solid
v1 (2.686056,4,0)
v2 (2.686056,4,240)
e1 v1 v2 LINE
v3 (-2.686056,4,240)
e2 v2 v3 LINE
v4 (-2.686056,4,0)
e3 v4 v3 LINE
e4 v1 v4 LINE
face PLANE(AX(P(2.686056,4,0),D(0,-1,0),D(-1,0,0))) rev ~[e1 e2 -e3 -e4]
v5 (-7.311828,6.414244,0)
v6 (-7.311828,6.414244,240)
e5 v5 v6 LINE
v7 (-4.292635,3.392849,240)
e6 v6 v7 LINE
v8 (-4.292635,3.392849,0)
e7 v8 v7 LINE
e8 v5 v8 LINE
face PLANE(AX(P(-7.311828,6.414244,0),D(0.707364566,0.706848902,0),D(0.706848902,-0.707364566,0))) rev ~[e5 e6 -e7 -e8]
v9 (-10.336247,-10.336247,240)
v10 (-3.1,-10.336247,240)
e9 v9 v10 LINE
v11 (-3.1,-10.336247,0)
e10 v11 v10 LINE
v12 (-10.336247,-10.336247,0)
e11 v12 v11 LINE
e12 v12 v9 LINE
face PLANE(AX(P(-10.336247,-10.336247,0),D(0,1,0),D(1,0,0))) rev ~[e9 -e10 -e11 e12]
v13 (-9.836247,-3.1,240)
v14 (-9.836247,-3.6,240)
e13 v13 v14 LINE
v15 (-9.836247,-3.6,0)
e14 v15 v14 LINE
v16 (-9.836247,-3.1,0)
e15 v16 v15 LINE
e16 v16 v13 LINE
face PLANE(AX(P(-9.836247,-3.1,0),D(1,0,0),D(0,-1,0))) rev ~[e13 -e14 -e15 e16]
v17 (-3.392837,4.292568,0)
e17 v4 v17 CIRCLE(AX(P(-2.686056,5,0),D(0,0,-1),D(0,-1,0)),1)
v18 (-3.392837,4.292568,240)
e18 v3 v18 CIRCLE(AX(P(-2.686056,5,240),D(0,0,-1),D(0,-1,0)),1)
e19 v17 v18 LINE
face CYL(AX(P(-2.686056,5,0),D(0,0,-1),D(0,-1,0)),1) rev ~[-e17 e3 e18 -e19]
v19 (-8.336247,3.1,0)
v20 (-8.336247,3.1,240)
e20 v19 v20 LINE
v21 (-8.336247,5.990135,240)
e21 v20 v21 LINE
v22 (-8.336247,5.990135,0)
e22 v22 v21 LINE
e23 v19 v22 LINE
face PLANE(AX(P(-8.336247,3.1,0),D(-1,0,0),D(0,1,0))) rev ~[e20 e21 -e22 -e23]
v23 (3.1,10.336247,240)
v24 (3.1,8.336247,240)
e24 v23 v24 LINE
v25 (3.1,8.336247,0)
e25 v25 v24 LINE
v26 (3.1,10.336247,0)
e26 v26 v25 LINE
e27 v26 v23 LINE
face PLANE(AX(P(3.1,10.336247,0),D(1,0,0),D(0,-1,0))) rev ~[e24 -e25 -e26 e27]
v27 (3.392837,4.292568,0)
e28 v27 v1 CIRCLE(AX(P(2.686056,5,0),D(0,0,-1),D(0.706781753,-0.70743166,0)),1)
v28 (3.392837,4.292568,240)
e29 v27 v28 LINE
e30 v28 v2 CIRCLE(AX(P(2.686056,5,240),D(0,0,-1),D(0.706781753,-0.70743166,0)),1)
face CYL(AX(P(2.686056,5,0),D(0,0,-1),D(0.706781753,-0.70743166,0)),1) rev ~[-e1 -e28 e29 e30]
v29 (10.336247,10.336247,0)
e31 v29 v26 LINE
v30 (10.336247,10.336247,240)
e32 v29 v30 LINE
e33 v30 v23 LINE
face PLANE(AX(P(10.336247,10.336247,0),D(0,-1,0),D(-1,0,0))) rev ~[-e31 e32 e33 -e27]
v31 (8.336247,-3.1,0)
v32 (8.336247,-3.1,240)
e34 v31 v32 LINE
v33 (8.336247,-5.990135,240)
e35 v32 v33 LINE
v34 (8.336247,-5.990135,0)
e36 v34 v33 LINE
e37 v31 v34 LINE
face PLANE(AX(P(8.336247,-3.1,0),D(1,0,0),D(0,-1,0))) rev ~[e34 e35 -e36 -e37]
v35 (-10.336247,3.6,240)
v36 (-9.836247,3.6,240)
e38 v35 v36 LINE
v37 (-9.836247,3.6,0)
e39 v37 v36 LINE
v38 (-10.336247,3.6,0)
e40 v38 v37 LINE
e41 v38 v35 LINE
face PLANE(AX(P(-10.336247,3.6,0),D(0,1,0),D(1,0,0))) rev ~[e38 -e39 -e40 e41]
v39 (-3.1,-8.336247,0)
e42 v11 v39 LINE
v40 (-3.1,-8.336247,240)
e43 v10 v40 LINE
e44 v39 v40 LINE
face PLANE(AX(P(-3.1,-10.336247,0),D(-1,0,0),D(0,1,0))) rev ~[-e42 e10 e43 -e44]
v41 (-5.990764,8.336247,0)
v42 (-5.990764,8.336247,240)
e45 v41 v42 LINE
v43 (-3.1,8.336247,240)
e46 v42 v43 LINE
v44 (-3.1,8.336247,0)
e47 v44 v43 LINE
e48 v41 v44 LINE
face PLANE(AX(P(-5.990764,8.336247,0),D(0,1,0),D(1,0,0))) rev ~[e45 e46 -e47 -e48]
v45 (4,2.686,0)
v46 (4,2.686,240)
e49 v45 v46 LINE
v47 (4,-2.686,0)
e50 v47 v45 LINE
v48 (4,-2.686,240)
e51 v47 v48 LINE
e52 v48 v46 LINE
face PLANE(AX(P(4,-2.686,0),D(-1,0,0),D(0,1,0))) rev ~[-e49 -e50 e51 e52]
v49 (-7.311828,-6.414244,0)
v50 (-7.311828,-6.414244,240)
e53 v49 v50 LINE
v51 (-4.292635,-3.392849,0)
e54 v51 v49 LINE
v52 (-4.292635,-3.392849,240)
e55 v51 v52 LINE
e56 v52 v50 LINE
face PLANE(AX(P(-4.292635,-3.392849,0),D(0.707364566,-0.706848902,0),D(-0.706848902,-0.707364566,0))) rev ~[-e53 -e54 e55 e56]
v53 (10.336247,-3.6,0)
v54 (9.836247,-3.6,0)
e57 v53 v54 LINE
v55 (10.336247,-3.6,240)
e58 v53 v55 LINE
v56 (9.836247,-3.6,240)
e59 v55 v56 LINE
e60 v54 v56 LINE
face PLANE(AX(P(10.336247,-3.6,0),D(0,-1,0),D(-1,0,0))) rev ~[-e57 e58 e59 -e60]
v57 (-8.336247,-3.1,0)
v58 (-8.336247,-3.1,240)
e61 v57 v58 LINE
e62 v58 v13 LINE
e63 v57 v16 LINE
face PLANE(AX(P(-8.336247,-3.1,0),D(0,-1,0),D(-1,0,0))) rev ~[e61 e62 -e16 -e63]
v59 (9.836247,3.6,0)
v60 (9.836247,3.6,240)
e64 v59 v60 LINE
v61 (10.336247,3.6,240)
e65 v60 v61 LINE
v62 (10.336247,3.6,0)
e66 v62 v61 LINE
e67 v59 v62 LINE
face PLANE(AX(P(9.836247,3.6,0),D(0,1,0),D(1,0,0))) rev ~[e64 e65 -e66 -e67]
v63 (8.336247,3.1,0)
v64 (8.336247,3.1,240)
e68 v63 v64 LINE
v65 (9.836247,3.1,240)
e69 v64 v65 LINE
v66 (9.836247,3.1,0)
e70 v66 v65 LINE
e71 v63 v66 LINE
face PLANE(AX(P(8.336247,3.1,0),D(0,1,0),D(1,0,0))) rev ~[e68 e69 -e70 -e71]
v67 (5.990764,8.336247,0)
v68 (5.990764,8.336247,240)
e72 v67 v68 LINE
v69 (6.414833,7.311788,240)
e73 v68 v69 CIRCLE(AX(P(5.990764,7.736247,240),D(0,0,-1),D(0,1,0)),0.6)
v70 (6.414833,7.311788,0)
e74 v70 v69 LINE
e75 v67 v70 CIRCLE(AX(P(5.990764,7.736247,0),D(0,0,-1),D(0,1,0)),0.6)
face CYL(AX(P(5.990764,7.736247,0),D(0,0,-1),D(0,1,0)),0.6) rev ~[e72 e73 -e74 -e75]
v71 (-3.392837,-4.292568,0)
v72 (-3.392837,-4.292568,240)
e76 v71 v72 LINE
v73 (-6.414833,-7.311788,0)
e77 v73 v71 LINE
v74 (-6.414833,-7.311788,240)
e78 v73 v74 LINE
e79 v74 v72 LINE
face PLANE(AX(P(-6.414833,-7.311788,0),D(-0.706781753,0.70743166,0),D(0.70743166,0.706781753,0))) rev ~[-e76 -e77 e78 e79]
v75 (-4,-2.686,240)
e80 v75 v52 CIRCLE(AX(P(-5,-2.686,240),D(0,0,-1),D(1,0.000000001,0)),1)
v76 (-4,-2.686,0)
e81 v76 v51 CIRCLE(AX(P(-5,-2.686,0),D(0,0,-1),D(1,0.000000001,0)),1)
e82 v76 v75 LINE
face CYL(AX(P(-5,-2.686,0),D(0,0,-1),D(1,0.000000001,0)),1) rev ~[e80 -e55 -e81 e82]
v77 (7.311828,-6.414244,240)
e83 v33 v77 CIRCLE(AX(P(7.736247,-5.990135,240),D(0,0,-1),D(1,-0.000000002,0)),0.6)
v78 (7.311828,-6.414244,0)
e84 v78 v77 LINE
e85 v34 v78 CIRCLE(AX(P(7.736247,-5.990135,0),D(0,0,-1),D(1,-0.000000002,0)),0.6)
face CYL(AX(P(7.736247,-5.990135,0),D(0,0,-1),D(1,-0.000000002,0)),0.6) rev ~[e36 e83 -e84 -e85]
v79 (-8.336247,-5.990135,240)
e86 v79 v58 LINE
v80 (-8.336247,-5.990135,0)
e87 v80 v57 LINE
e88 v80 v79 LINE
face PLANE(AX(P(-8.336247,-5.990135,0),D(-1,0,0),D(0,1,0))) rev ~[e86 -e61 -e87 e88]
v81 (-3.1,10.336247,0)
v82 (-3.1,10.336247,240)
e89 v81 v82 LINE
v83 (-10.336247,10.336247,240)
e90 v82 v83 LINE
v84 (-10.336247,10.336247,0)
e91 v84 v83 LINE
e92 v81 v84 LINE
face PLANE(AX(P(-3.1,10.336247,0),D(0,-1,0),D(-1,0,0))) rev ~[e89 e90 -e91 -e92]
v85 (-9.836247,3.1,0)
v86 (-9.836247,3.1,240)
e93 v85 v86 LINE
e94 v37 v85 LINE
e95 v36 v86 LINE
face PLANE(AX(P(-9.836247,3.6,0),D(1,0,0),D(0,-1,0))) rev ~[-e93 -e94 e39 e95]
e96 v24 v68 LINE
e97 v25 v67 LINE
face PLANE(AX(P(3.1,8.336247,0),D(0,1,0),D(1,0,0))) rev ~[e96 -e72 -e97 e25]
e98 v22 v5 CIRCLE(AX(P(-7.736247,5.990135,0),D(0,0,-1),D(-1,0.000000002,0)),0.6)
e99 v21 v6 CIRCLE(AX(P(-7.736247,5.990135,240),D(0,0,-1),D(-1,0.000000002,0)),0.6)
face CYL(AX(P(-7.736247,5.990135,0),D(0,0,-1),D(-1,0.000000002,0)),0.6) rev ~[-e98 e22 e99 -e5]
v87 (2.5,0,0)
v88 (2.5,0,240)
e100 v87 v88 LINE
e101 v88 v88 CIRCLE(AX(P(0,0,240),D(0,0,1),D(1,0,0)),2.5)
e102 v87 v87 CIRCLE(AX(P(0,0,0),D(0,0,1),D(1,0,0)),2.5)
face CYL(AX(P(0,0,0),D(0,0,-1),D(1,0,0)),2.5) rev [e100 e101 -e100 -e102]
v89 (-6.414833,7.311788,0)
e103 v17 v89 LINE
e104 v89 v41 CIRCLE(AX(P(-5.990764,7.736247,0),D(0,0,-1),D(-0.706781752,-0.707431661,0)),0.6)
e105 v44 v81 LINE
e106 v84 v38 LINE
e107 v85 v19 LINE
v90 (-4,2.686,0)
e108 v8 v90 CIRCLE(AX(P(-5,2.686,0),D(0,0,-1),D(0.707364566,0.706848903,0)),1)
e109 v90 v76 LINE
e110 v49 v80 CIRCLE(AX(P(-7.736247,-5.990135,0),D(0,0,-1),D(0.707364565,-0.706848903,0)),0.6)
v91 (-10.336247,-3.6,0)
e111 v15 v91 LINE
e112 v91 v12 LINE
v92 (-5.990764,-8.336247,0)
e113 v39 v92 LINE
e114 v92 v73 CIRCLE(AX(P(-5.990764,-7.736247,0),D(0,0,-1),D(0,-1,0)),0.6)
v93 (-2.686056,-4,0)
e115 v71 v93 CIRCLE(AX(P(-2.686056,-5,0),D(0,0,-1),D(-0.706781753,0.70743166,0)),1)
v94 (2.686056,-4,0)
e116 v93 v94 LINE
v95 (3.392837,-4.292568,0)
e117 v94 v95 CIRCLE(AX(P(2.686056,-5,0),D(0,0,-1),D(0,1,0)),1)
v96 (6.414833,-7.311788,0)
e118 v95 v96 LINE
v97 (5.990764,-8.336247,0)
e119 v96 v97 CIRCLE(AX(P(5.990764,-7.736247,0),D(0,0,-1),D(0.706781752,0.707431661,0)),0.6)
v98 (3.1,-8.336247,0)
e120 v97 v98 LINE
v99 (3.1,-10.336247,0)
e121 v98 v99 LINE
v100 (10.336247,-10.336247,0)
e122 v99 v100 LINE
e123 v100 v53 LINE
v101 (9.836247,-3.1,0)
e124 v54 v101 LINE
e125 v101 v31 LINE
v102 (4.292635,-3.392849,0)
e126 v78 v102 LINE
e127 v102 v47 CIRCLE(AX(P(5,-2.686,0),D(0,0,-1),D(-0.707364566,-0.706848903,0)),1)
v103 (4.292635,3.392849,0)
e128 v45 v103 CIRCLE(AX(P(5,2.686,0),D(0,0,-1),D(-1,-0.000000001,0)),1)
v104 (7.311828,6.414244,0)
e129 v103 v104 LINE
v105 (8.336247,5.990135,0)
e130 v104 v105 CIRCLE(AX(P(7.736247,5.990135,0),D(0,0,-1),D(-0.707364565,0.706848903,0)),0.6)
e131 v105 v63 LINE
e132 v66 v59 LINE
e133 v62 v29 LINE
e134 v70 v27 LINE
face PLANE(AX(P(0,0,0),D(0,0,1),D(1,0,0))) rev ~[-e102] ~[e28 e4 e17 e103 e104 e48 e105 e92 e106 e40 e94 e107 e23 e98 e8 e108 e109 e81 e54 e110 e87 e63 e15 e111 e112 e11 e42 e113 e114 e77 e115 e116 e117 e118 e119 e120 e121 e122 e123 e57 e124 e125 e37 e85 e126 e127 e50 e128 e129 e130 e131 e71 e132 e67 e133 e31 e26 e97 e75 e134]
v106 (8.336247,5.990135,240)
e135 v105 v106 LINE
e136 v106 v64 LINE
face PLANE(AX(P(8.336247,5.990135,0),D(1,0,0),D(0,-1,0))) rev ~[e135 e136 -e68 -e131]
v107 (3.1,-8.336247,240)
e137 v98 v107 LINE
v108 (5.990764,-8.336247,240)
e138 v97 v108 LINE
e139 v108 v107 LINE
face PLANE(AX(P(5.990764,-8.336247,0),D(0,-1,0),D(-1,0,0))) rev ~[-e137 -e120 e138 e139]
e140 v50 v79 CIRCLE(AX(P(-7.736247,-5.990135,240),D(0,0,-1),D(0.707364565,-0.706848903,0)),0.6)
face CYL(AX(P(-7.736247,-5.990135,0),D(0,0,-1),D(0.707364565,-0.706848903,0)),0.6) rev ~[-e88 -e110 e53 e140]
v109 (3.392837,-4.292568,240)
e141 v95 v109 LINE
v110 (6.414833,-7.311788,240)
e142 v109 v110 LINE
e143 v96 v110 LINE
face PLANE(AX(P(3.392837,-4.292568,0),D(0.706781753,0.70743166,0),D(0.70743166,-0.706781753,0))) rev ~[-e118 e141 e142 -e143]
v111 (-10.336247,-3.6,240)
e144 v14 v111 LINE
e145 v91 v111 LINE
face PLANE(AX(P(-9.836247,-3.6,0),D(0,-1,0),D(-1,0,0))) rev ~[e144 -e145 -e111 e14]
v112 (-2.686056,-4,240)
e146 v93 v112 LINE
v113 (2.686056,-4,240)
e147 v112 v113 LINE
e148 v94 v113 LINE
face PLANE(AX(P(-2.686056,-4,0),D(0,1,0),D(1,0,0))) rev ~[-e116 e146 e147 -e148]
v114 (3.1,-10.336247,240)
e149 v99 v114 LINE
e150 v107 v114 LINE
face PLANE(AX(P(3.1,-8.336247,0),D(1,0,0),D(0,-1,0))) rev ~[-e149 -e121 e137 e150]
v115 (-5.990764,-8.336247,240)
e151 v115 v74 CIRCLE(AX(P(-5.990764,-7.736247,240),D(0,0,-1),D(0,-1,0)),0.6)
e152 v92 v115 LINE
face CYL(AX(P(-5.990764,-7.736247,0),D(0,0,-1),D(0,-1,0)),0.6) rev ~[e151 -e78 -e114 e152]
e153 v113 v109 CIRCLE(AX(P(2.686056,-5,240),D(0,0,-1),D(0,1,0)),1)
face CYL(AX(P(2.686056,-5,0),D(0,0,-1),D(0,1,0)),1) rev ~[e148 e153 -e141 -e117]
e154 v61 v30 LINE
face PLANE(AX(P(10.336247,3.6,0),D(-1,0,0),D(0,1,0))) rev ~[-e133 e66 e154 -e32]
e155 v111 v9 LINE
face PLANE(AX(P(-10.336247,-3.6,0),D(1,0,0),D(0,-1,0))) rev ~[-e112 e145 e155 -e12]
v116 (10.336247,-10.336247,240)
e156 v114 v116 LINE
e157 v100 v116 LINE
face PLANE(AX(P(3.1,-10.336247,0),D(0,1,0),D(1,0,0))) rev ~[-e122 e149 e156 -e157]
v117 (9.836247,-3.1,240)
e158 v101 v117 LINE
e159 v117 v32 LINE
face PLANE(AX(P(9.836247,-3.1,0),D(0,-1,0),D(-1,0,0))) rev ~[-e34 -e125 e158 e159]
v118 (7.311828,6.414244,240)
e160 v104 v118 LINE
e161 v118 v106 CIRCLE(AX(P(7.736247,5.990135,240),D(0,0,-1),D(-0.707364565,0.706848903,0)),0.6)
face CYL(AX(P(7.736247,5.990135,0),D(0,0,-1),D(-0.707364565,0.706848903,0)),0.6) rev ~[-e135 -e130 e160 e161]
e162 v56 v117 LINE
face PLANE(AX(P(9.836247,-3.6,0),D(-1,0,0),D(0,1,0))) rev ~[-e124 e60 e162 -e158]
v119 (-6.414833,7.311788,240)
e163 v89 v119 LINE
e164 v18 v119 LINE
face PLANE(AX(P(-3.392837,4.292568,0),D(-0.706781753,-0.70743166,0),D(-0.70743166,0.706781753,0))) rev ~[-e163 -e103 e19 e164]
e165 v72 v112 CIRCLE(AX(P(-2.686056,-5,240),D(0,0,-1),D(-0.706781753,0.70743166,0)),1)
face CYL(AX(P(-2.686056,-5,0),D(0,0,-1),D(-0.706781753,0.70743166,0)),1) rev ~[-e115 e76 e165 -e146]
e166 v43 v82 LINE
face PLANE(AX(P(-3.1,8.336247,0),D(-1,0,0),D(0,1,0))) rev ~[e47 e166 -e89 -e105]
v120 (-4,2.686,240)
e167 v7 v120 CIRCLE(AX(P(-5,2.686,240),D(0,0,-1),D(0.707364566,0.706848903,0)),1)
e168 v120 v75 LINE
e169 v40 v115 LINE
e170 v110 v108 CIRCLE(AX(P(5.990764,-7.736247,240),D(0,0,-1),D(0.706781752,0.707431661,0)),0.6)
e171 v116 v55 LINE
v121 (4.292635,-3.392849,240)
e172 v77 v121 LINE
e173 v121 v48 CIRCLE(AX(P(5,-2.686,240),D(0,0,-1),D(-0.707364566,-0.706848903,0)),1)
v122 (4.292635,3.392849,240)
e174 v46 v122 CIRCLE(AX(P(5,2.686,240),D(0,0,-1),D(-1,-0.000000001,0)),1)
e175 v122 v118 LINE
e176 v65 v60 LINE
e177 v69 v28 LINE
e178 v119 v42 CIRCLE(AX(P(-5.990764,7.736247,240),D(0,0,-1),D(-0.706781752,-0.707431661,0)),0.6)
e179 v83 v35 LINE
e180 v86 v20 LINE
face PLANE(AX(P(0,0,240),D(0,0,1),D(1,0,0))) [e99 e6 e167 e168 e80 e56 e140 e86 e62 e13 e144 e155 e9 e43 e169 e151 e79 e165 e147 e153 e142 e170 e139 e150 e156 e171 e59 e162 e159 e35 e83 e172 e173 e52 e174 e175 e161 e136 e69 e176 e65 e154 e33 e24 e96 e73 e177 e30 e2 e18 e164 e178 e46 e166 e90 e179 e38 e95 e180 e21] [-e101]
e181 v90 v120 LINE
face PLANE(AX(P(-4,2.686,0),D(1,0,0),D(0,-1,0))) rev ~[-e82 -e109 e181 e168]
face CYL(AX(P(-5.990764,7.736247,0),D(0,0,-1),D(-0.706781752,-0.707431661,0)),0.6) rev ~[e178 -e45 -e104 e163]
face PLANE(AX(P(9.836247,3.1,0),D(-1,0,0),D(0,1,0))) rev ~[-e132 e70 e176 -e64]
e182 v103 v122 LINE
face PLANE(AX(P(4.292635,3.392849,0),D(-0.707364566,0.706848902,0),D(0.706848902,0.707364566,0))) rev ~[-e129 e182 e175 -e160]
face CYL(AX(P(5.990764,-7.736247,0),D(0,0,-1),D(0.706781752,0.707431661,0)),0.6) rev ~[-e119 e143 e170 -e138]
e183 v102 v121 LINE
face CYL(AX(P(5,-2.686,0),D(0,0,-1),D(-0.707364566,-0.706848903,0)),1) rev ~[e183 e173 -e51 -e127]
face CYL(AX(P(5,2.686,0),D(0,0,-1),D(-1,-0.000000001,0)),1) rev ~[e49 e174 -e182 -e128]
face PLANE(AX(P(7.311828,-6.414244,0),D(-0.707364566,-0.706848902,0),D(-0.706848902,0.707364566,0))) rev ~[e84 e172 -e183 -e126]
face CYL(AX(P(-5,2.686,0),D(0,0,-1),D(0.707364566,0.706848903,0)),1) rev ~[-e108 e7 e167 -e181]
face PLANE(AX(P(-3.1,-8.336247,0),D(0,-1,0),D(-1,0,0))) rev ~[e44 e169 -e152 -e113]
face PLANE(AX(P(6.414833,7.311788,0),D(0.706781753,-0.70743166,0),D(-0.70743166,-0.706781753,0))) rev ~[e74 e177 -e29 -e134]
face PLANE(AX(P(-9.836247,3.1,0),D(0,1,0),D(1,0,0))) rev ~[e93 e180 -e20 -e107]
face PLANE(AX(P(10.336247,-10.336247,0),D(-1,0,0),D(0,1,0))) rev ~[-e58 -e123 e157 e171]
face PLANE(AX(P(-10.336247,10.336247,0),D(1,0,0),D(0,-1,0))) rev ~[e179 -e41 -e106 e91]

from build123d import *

# Parameters (mm, degrees)
SKETCH2_R           = 2.5
BOSS_EXTRUDE2_DEPTH = 240


with BuildPart() as part:
    # Sketch2 → Boss-Extrude2 (new body)
    with BuildSketch(Plane.XY):
        with BuildLine():
            Line((-10.33624689, -3.6), (-10.33624689, -10.33624689))
            Line((-10.33624689, -10.33624689), (-3.1, -10.33624689))
            Line((-3.1, -10.33624689), (-3.1, -8.33624689))
            Line((-3.1, -8.33624689), (-5.990764132, -8.33624689))
            ThreePointArc((-5.990764132, -8.33624689), (-6.545144596, -7.965729571), (-6.414833183, -7.311787894))
            Line((-6.414833183, -7.311787894), (-3.392837365, -4.29256834))
            ThreePointArc((-3.392837365, -4.29256834), (-3.068526748, -4.07603256), (-2.686055612, -4))
            Line((-2.686055612, -4), (2.686055612, -4))
            ThreePointArc((2.686055612, -4), (3.068526748, -4.07603256), (3.392837365, -4.29256834))
            Line((3.392837365, -4.29256834), (6.414833183, -7.311787894))
            ThreePointArc((6.414833183, -7.311787894), (6.545144596, -7.965729571), (5.990764132, -8.33624689))
            Line((5.990764132, -8.33624689), (3.1, -8.33624689))
            Line((3.1, -8.33624689), (3.1, -10.33624689))
            Line((3.1, -10.33624689), (10.33624689, -10.33624689))
            Line((10.33624689, -10.33624689), (10.33624689, -3.6))
            Line((10.33624689, -3.6), (9.83624689, -3.6))
            Line((9.83624689, -3.6), (9.83624689, -3.1))
            Line((9.83624689, -3.1), (8.33624689, -3.1))
            Line((8.33624689, -3.1), (8.33624689, -5.99013487))
            ThreePointArc((8.33624689, -5.99013487), (7.965755883, -6.544504441), (7.31182815, -6.414244211))
            Line((7.31182815, -6.414244211), (4.292635434, -3.392848919))
            ThreePointArc((4.292635434, -3.392848919), (4.076050714, -3.068515006), (4, -2.686000016))
            Line((4, -2.686000016), (4, 2.686000016))
            ThreePointArc((4, 2.686000016), (4.076050714, 3.068515006), (4.292635434, 3.392848919))
            Line((4.292635434, 3.392848919), (7.31182815, 6.414244211))
            ThreePointArc((7.31182815, 6.414244211), (7.965755883, 6.544504441), (8.33624689, 5.99013487))
            Line((8.33624689, 5.99013487), (8.33624689, 3.1))
            Line((8.33624689, 3.1), (9.83624689, 3.1))
            Line((9.83624689, 3.1), (9.83624689, 3.6))
            Line((9.83624689, 3.6), (10.33624689, 3.6))
            Line((10.33624689, 3.6), (10.33624689, 10.33624689))
            Line((10.33624689, 10.33624689), (3.1, 10.33624689))
            Line((3.1, 10.33624689), (3.1, 8.33624689))
            Line((3.1, 8.33624689), (5.990764132, 8.33624689))
            ThreePointArc((5.990764132, 8.33624689), (6.545144596, 7.965729571), (6.414833183, 7.311787894))
            Line((6.414833183, 7.311787894), (3.392837365, 4.29256834))
            ThreePointArc((3.392837365, 4.29256834), (3.068526748, 4.07603256), (2.686055612, 4))
            Line((2.686055612, 4), (-2.686055612, 4))
            ThreePointArc((-2.686055612, 4), (-3.068526748, 4.07603256), (-3.392837365, 4.29256834))
            Line((-3.392837365, 4.29256834), (-6.414833183, 7.311787894))
            ThreePointArc((-6.414833183, 7.311787894), (-6.545144596, 7.965729571), (-5.990764132, 8.33624689))
            Line((-5.990764132, 8.33624689), (-3.1, 8.33624689))
            Line((-3.1, 8.33624689), (-3.1, 10.33624689))
            Line((-3.1, 10.33624689), (-10.33624689, 10.33624689))
            Line((-10.33624689, 10.33624689), (-10.33624689, 3.6))
            Line((-10.33624689, 3.6), (-9.83624689, 3.6))
            Line((-9.83624689, 3.6), (-9.83624689, 3.1))
            Line((-9.83624689, 3.1), (-8.33624689, 3.1))
            Line((-8.33624689, 3.1), (-8.33624689, 5.99013487))
            ThreePointArc((-8.33624689, 5.99013487), (-7.965755883, 6.544504441), (-7.31182815, 6.414244211))
            Line((-7.31182815, 6.414244211), (-4.292635434, 3.392848919))
            ThreePointArc((-4.292635434, 3.392848919), (-4.076050714, 3.068515006), (-4, 2.686000016))
            Line((-4, 2.686000016), (-4, -2.686000016))
            ThreePointArc((-4, -2.686000016), (-4.076050714, -3.068515006), (-4.292635434, -3.392848919))
            Line((-4.292635434, -3.392848919), (-7.31182815, -6.414244211))
            ThreePointArc((-7.31182815, -6.414244211), (-7.965755883, -6.544504441), (-8.33624689, -5.99013487))
            Line((-8.33624689, -5.99013487), (-8.33624689, -3.1))
            Line((-8.33624689, -3.1), (-9.83624689, -3.1))
            Line((-9.83624689, -3.1), (-9.83624689, -3.6))
            Line((-9.83624689, -3.6), (-10.33624689, -3.6))
        make_face()
        Circle(SKETCH2_R, mode=Mode.SUBTRACT)
    extrude(amount=BOSS_EXTRUDE2_DEPTH)


solid = part.part
